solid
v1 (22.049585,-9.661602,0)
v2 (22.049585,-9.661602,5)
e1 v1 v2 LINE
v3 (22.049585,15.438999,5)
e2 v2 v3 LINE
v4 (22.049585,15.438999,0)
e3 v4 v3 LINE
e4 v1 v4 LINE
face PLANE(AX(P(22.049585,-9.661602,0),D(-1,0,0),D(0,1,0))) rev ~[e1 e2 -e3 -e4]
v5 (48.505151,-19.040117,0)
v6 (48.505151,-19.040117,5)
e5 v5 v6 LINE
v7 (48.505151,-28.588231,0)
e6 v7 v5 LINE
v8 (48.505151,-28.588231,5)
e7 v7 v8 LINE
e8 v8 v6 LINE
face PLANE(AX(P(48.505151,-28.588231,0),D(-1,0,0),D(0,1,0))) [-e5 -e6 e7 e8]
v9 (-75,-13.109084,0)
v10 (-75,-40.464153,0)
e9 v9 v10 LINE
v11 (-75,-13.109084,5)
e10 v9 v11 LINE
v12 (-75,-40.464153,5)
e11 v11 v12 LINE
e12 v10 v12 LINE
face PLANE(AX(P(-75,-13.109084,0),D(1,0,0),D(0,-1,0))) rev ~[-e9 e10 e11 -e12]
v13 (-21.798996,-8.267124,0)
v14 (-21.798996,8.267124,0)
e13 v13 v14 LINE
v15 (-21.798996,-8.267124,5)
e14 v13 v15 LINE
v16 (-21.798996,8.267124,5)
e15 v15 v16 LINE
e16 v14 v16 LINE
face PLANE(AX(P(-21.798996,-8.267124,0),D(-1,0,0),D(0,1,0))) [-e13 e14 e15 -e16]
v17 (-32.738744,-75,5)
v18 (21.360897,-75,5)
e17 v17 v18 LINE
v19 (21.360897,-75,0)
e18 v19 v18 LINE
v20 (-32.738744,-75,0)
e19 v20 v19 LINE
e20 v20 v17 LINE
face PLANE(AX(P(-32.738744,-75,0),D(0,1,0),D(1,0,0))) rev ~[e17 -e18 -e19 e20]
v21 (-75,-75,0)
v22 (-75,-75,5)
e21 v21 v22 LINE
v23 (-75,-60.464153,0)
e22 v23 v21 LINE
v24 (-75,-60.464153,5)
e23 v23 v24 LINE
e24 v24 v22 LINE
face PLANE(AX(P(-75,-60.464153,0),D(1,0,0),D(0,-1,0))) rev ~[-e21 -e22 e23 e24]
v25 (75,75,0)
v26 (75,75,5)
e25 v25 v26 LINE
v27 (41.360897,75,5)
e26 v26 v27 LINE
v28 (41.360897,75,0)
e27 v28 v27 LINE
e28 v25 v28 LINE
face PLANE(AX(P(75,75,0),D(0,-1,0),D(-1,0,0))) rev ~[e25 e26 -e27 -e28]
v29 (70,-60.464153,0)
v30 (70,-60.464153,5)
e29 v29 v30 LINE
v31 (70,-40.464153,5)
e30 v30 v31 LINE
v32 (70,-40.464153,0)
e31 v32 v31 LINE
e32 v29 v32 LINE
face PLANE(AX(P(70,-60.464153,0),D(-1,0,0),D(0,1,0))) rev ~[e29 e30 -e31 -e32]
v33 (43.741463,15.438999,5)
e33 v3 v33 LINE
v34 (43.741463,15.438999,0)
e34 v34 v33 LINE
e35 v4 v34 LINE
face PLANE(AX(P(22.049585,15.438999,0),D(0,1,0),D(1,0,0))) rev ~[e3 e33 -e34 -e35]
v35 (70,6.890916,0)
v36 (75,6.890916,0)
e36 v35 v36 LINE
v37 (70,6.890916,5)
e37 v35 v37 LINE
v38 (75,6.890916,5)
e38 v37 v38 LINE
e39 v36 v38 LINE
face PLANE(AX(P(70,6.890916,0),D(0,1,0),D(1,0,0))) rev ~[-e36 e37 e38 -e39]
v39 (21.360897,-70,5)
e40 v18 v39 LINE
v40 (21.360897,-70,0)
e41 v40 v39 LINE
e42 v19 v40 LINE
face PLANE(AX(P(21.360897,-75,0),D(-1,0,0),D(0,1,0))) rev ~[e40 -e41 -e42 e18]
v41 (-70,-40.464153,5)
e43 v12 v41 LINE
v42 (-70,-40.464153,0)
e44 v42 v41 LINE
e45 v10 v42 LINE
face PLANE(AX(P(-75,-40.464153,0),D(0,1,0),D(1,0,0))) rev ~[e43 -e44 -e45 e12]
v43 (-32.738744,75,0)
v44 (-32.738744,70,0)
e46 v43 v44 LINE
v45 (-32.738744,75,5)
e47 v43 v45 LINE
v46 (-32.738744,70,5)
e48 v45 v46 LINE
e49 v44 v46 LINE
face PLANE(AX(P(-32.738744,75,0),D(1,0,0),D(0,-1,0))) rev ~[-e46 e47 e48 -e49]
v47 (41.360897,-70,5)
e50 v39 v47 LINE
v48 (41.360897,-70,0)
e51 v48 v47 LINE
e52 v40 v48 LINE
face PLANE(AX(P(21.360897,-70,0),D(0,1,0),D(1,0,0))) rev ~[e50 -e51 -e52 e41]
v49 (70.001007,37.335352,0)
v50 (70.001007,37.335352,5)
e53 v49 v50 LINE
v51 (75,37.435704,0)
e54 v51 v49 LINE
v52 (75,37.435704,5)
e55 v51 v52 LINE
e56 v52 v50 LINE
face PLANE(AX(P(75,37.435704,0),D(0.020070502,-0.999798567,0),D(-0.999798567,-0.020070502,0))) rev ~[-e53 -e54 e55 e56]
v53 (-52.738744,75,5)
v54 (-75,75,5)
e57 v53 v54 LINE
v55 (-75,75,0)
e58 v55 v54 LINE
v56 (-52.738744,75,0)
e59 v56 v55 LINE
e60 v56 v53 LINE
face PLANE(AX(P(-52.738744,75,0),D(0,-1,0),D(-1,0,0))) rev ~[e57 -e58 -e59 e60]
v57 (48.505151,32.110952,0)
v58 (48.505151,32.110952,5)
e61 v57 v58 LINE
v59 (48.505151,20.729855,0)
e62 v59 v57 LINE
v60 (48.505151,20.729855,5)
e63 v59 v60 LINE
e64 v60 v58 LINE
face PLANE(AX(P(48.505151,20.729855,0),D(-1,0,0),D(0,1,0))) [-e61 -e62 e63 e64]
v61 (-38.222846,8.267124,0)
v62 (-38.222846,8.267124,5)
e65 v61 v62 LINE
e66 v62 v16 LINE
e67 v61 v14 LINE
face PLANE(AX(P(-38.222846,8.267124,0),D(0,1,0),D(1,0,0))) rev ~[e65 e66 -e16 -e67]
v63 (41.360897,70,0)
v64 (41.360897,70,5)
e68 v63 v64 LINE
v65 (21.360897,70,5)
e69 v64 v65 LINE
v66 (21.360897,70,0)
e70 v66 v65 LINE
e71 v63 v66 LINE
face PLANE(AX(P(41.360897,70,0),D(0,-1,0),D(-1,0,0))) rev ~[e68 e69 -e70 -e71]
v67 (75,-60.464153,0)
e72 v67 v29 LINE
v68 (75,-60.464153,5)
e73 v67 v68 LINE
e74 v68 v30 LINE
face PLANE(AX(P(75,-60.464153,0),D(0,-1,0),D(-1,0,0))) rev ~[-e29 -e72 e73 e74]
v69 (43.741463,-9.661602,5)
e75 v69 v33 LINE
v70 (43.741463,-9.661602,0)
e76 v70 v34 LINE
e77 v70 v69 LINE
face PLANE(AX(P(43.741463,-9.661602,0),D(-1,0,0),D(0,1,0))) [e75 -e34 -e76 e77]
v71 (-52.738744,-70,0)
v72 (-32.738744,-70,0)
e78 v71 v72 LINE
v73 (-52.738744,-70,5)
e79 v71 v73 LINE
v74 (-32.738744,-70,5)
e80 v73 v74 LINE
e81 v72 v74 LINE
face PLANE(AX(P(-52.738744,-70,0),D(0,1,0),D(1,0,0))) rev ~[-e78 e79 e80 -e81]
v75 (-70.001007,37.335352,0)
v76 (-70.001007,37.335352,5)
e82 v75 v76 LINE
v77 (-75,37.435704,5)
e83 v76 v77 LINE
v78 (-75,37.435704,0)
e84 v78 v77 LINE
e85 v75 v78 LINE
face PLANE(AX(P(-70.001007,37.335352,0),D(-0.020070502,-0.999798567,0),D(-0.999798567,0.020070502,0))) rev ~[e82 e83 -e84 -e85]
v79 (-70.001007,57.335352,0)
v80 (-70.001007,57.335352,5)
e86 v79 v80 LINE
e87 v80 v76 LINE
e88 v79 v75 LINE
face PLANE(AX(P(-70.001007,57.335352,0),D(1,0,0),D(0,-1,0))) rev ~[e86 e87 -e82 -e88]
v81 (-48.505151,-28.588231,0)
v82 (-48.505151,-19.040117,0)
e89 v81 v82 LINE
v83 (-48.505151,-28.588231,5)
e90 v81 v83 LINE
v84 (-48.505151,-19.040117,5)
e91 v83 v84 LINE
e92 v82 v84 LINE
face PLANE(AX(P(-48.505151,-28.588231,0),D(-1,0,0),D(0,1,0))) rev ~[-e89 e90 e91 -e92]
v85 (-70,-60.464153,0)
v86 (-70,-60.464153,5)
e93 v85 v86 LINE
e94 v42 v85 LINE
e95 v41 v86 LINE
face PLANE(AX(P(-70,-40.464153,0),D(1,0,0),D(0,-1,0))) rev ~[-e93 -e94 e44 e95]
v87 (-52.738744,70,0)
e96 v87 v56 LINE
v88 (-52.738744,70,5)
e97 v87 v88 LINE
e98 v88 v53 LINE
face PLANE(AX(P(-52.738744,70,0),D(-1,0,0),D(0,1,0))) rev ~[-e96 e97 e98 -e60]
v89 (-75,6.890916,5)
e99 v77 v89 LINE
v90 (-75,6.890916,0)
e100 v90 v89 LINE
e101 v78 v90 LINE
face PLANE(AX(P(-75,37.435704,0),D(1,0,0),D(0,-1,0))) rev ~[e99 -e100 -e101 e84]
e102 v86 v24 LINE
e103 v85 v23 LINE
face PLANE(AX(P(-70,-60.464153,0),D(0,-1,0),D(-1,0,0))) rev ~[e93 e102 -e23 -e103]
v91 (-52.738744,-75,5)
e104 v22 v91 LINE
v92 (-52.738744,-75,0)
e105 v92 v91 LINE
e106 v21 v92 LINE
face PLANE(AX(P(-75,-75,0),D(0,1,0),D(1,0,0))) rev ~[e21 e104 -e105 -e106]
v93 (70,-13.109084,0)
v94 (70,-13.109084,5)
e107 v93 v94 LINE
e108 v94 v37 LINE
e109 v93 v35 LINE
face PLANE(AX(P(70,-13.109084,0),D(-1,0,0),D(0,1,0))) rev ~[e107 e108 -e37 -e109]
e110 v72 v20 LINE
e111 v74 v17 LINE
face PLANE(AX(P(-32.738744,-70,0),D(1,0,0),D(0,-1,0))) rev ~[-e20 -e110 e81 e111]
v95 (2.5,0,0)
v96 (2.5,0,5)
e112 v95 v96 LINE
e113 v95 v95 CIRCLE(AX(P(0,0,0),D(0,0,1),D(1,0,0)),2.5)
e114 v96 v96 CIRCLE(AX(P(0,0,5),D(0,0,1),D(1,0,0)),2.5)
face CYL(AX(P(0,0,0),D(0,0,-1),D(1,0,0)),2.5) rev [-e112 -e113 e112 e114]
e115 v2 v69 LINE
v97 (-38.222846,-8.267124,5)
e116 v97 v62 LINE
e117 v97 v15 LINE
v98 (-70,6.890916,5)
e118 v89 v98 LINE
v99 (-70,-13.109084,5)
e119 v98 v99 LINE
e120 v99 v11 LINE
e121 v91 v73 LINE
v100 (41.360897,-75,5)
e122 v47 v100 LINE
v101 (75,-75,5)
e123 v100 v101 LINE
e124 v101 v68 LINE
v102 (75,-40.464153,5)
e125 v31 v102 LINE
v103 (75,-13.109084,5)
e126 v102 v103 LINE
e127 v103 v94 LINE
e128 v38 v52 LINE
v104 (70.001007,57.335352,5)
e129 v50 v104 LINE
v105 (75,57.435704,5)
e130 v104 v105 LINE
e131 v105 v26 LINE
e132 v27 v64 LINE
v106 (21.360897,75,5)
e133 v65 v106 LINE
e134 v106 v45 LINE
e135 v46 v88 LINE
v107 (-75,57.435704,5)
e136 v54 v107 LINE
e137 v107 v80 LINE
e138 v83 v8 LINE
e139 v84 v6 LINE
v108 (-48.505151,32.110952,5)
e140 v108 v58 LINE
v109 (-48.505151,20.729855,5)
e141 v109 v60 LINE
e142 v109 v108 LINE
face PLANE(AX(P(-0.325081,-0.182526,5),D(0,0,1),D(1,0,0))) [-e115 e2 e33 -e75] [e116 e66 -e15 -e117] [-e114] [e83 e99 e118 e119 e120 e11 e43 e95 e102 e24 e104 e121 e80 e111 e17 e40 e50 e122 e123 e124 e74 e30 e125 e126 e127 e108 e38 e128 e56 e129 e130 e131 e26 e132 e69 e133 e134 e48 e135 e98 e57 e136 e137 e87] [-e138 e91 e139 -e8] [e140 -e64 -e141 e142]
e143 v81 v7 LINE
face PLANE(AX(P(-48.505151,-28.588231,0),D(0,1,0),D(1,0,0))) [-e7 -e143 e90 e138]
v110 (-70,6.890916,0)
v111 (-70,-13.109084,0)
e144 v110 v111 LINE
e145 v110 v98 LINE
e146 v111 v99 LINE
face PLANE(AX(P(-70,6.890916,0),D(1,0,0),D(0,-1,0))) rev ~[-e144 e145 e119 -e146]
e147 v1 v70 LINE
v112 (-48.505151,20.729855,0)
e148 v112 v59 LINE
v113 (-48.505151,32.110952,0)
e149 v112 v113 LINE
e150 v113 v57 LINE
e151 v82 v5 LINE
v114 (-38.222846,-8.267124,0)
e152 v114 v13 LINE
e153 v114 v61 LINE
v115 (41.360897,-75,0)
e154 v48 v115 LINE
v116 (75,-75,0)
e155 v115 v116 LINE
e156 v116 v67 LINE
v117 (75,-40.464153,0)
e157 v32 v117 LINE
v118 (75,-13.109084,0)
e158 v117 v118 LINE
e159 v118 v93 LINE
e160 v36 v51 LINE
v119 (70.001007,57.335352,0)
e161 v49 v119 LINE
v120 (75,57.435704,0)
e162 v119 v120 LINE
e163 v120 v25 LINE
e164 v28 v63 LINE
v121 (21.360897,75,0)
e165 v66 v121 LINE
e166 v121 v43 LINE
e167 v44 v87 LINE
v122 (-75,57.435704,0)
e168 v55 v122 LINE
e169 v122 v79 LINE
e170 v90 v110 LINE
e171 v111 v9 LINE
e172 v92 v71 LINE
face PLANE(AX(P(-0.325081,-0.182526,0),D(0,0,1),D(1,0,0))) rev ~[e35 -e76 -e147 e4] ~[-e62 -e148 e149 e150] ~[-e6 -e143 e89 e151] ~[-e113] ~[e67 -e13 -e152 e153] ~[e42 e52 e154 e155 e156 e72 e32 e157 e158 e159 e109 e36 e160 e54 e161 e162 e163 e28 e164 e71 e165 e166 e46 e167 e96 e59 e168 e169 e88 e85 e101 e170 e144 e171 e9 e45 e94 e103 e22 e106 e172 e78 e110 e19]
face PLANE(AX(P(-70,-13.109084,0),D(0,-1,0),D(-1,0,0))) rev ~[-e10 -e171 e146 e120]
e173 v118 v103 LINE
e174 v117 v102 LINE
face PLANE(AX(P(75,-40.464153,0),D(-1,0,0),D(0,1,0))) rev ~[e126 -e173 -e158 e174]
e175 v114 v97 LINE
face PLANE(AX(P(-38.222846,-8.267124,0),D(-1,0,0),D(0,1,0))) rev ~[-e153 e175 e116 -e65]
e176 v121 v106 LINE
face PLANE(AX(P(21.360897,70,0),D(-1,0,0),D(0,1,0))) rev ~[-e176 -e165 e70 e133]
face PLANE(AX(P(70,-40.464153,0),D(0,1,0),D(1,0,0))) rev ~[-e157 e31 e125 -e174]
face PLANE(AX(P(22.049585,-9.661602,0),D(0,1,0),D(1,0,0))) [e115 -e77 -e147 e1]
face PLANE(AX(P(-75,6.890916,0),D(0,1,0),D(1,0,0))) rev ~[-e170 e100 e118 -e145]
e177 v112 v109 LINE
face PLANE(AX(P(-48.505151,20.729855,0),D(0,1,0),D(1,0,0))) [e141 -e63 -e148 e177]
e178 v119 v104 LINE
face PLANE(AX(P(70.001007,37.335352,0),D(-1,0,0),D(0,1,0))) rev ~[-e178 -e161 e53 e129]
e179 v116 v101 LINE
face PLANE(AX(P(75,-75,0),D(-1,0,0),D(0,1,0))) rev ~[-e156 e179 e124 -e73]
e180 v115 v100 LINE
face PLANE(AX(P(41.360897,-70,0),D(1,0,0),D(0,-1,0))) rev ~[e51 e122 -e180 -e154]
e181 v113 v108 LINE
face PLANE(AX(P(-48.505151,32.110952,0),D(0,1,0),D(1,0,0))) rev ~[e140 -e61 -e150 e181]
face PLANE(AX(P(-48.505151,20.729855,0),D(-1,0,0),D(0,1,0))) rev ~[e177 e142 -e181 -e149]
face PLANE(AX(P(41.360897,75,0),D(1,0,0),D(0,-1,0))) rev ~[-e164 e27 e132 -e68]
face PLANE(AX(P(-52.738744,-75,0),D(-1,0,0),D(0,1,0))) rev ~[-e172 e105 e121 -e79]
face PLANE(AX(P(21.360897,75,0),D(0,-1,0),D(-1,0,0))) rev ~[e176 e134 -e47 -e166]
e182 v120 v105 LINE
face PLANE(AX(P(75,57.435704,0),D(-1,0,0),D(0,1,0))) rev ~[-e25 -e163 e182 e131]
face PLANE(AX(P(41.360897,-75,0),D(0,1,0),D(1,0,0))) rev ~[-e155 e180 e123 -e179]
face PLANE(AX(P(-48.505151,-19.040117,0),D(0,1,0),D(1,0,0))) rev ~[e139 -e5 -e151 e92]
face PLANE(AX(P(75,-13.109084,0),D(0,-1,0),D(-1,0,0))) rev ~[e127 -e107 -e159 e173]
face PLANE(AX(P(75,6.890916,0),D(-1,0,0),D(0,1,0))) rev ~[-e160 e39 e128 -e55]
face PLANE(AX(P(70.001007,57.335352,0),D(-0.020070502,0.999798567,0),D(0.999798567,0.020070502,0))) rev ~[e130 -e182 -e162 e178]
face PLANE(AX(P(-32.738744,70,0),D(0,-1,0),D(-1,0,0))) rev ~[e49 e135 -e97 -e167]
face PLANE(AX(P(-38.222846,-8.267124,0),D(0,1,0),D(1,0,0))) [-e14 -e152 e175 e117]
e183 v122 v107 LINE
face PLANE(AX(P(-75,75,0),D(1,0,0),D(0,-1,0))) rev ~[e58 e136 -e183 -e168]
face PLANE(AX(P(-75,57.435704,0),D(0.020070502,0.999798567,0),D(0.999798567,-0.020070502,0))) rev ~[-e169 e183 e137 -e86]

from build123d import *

# Parameters (mm, degrees)
SKETCH1_R           = 2.5
SKETCH1_W           = 97.010301716
SKETCH1_H           = 11.381096849
SKETCH1_H_2         = 9.548114026
SKETCH1_W_2         = 16.423850042
SKETCH1_H_3         = 16.534248646
SKETCH1_W_3         = 21.691877415
SKETCH1_H_4         = 25.100601008
BOSS_EXTRUDE1_DEPTH = 5


with BuildPart() as part:
    # Sketch1 → Boss-Extrude1 (new body)
    with BuildSketch(Plane.XY):
        Polygon((-75, -75), (-52.738744268, -75), (-52.738744268, -70), (-32.738744268, -70), (-32.738744268, -75), (21.360897281, -75), (21.360897281, -70), (41.360897281, -70), (41.360897281, -75), (75, -75), (75, -60.464153422), (70, -60.464153422), (70, -40.464153422), (75, -40.464153422), (75, -13.109084485), (70, -13.109084485), (70, 6.890915515), (75, 6.890915515), (75, 37.435704121), (70.001007164, 37.335351613), (70.001007164, 57.335351613), (75, 57.435704121), (75, 75), (41.360897281, 75), (41.360897281, 70), (21.360897281, 70), (21.360897281, 75), (-32.738744268, 75), (-32.738744268, 70), (-52.738744268, 70), (-52.738744268, 75), (-75, 75), (-75, 57.435704121), (-70.001007164, 57.335351613), (-70.001007164, 37.335351613), (-75, 37.435704121), (-75, 6.890915515), (-70, 6.890915515), (-70, -13.109084485), (-75, -13.109084485), (-75, -40.464153422), (-70, -40.464153422), (-70, -60.464153422), (-75, -60.464153422), align=None)
        Circle(SKETCH1_R, mode=Mode.SUBTRACT)
        with Locations((0, 26.4204034)):
            Rectangle(SKETCH1_W, SKETCH1_H, mode=Mode.SUBTRACT)
        with Locations((0, -23.814174359)):
            Rectangle(SKETCH1_W, SKETCH1_H_2, mode=Mode.SUBTRACT)
        with Locations((-30.010920628, 0)):
            Rectangle(SKETCH1_W_2, SKETCH1_H_3, mode=Mode.SUBTRACT)
        with Locations((32.895523873, 2.888698347)):
            Rectangle(SKETCH1_W_3, SKETCH1_H_4, mode=Mode.SUBTRACT)
    extrude(amount=BOSS_EXTRUDE1_DEPTH)


solid = part.part
